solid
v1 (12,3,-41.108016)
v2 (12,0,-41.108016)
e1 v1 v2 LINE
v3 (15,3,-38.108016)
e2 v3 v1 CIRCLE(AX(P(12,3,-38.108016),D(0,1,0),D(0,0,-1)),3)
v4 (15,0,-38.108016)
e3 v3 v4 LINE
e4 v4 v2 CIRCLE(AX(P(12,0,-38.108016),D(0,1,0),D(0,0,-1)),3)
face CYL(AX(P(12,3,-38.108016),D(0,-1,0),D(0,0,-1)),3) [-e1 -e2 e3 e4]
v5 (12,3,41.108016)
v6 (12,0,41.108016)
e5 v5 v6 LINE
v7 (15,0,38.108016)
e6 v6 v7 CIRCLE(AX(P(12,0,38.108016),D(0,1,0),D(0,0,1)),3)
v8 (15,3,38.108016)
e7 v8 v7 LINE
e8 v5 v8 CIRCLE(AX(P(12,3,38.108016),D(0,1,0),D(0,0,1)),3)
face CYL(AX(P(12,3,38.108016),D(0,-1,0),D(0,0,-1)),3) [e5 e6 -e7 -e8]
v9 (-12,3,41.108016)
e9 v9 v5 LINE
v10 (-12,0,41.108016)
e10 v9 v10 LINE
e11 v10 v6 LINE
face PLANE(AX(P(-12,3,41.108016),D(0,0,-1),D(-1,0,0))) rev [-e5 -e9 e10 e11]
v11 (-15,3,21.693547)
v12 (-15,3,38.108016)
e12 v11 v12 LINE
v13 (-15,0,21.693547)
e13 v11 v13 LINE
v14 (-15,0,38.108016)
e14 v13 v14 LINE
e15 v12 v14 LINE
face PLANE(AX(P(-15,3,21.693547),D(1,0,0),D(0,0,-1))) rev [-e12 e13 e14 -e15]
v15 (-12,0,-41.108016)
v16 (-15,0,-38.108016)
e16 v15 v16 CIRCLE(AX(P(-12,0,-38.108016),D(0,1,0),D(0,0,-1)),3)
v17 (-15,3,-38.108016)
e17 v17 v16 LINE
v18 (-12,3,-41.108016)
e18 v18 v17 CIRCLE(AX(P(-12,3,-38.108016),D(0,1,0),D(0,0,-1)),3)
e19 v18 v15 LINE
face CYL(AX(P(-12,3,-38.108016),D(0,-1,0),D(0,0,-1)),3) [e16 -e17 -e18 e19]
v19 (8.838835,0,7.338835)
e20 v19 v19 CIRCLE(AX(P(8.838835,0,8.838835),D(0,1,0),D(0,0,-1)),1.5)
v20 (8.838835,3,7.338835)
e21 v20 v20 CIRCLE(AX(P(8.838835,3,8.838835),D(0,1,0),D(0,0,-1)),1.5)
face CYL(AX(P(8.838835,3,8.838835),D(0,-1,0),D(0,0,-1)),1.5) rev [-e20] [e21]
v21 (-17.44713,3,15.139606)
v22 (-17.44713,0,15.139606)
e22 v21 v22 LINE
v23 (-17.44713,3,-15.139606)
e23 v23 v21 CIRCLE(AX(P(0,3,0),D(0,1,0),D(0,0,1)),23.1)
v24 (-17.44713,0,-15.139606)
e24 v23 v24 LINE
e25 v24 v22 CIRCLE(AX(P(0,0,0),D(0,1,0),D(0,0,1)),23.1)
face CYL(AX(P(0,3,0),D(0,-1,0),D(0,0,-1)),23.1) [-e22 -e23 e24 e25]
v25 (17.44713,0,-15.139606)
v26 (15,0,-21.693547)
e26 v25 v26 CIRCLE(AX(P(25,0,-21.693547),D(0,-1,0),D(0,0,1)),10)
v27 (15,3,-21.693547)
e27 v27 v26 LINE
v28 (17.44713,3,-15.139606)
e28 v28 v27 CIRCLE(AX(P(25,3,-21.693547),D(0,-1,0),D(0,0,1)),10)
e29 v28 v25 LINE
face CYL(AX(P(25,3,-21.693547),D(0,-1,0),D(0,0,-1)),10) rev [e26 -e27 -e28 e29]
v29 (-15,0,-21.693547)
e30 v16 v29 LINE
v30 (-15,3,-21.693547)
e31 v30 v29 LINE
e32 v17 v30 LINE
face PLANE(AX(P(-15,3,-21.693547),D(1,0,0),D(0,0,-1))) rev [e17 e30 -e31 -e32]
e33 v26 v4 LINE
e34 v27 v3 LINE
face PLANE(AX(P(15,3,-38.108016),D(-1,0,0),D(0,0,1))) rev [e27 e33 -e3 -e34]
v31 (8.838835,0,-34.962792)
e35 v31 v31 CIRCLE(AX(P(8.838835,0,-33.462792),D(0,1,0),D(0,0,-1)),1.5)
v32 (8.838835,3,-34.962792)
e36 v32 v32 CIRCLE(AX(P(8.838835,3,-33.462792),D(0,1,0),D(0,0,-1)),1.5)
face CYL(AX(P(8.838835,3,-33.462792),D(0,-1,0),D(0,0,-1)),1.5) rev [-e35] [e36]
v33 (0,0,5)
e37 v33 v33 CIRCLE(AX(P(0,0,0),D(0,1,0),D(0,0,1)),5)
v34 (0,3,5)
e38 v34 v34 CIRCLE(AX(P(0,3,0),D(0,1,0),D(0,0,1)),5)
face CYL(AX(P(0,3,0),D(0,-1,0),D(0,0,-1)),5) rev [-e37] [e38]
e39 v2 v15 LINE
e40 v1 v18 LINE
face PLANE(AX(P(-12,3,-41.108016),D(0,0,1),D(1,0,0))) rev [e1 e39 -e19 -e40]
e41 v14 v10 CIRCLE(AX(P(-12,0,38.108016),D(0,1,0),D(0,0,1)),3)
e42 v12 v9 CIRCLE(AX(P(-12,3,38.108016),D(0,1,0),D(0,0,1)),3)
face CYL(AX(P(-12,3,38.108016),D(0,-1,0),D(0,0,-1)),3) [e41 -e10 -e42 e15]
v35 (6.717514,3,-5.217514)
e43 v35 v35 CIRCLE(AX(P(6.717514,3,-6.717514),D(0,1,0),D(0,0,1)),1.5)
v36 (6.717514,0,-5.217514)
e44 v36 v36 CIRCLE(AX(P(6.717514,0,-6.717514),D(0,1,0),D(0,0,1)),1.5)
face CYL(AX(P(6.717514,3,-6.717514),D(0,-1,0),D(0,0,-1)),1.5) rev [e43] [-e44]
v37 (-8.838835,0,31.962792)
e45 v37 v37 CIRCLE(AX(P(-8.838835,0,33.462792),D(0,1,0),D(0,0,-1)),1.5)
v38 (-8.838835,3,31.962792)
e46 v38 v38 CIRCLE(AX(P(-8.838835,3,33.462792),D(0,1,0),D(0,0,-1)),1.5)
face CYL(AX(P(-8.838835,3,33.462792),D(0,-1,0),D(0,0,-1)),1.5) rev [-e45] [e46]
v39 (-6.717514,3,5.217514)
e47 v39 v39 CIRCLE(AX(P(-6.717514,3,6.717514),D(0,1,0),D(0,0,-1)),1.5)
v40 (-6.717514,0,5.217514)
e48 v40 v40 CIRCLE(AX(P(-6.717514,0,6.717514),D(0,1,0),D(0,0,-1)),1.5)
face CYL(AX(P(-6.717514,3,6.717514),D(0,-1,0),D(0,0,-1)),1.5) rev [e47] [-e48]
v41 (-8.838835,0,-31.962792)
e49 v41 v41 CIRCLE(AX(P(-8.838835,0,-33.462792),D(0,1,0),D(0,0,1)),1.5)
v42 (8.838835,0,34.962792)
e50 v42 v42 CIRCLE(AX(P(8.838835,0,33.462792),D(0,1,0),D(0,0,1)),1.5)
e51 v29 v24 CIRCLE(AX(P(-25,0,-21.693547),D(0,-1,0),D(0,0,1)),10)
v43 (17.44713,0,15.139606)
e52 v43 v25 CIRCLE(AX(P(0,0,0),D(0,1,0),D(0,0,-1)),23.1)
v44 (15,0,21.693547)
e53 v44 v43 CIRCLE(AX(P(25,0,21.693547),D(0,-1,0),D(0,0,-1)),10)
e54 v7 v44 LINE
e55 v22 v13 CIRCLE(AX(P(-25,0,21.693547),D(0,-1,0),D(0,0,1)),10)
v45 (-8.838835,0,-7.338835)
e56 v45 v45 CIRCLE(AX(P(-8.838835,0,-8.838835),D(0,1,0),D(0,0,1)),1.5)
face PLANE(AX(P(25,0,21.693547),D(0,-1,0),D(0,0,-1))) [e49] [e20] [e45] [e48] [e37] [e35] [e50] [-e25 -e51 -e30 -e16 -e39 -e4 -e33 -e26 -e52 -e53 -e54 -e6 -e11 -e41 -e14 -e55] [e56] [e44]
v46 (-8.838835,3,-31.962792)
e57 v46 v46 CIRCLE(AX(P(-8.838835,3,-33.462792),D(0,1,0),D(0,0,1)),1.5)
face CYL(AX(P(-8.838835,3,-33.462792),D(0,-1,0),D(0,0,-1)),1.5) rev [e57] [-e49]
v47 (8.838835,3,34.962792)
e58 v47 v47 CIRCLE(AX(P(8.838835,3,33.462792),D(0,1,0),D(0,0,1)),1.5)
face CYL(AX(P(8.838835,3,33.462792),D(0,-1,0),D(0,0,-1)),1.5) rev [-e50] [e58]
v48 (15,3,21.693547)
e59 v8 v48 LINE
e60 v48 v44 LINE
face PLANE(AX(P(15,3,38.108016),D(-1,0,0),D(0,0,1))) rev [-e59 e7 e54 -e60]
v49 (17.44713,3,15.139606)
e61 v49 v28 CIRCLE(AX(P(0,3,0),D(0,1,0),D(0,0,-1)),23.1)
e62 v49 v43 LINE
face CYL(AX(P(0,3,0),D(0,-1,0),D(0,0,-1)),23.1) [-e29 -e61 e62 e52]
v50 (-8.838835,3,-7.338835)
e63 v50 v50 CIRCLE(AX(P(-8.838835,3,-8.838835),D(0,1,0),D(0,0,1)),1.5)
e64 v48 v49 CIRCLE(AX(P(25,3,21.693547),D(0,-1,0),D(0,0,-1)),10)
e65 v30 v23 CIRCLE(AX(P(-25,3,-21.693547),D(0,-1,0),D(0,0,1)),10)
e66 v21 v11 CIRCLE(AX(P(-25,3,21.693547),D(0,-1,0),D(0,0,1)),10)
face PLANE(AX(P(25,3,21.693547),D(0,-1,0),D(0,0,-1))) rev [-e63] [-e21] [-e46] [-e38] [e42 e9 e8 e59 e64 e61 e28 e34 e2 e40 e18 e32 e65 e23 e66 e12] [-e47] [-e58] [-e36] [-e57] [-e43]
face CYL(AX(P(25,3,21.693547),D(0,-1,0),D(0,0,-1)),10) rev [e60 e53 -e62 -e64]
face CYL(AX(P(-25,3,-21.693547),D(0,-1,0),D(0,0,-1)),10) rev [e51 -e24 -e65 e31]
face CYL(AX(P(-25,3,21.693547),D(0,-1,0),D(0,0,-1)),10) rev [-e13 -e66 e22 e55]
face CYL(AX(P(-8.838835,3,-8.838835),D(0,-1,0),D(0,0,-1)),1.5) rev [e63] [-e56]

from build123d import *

# Parameters (mm, degrees)
SKETCH1_R           = 1.5
SKETCH1_R_2         = 5
BOSS_EXTRUDE1_DEPTH = 3


with BuildPart() as part:
    # Sketch1 → Boss-Extrude1 (new body)
    with BuildSketch(Plane(origin=(0, 0, 0), x_dir=(1, 0, 0), z_dir=(0, 1, 0))):
        with BuildLine():
            Line((-15, 21.693547428), (-15, 38.108016468))
            ThreePointArc((-15, 38.108016468), (-14.121320344, 40.229336812), (-12, 41.108016468))
            Line((-12, 41.108016468), (12, 41.108016468))
            ThreePointArc((12, 41.108016468), (14.121320344, 40.229336812), (15, 38.108016468))
            Line((15, 38.108016468), (15, 21.693547428))
            ThreePointArc((15, 21.693547428), (15.631737063, 18.195598093), (17.447129909, 15.139605607))
            ThreePointArc((17.447129909, 15.139605607), (23.1, 0), (17.447129909, -15.139605607))
            ThreePointArc((17.447129909, -15.139605607), (15.631737063, -18.195598093), (15, -21.693547428))
            Line((15, -21.693547428), (15, -38.108016468))
            ThreePointArc((15, -38.108016468), (14.121320344, -40.229336812), (12, -41.108016468))
            Line((12, -41.108016468), (-12, -41.108016468))
            ThreePointArc((-12, -41.108016468), (-14.121320344, -40.229336812), (-15, -38.108016468))
            Line((-15, -38.108016468), (-15, -21.693547428))
            ThreePointArc((-15, -21.693547428), (-15.631737063, -18.195598093), (-17.447129909, -15.139605607))
            ThreePointArc((-17.447129909, -15.139605607), (-23.1, 0), (-17.447129909, 15.139605607))
            ThreePointArc((-17.447129909, 15.139605607), (-15.631737063, 18.195598093), (-15, 21.693547428))
        make_face()
        with Locations(Location((-8.838834765, 8.838834765, 0), (0, 0, 270))):
            Circle(SKETCH1_R, mode=Mode.SUBTRACT)
        with Locations(Location((8.838834765, -8.838834765, 0), (0, 0, 90))):
            Circle(SKETCH1_R, mode=Mode.SUBTRACT)
        with Locations(Location((6.717514421, 6.717514421, 0), (0, 0, 270))):
            Circle(SKETCH1_R, mode=Mode.SUBTRACT)
        with Locations(Location((-6.717514421, -6.717514421, 0), (0, 0, 90))):
            Circle(SKETCH1_R, mode=Mode.SUBTRACT)
        with Locations(Location((0, 0, 0), (0, 0, 270))):
            Circle(SKETCH1_R_2, mode=Mode.SUBTRACT)
        with Locations(Location((-8.838834765, 33.462792438, 0), (0, 0, 270))):
            Circle(SKETCH1_R, mode=Mode.SUBTRACT)
        with Locations(Location((8.838834765, 33.462792438, 0), (0, 0, 90))):
            Circle(SKETCH1_R, mode=Mode.SUBTRACT)
        with Locations(Location((8.838834765, -33.462792438, 0), (0, 0, 270))):
            Circle(SKETCH1_R, mode=Mode.SUBTRACT)
        with Locations(Location((-8.838834765, -33.462792438, 0), (0, 0, 90))):
            Circle(SKETCH1_R, mode=Mode.SUBTRACT)
    extrude(amount=BOSS_EXTRUDE1_DEPTH)


solid = part.part
